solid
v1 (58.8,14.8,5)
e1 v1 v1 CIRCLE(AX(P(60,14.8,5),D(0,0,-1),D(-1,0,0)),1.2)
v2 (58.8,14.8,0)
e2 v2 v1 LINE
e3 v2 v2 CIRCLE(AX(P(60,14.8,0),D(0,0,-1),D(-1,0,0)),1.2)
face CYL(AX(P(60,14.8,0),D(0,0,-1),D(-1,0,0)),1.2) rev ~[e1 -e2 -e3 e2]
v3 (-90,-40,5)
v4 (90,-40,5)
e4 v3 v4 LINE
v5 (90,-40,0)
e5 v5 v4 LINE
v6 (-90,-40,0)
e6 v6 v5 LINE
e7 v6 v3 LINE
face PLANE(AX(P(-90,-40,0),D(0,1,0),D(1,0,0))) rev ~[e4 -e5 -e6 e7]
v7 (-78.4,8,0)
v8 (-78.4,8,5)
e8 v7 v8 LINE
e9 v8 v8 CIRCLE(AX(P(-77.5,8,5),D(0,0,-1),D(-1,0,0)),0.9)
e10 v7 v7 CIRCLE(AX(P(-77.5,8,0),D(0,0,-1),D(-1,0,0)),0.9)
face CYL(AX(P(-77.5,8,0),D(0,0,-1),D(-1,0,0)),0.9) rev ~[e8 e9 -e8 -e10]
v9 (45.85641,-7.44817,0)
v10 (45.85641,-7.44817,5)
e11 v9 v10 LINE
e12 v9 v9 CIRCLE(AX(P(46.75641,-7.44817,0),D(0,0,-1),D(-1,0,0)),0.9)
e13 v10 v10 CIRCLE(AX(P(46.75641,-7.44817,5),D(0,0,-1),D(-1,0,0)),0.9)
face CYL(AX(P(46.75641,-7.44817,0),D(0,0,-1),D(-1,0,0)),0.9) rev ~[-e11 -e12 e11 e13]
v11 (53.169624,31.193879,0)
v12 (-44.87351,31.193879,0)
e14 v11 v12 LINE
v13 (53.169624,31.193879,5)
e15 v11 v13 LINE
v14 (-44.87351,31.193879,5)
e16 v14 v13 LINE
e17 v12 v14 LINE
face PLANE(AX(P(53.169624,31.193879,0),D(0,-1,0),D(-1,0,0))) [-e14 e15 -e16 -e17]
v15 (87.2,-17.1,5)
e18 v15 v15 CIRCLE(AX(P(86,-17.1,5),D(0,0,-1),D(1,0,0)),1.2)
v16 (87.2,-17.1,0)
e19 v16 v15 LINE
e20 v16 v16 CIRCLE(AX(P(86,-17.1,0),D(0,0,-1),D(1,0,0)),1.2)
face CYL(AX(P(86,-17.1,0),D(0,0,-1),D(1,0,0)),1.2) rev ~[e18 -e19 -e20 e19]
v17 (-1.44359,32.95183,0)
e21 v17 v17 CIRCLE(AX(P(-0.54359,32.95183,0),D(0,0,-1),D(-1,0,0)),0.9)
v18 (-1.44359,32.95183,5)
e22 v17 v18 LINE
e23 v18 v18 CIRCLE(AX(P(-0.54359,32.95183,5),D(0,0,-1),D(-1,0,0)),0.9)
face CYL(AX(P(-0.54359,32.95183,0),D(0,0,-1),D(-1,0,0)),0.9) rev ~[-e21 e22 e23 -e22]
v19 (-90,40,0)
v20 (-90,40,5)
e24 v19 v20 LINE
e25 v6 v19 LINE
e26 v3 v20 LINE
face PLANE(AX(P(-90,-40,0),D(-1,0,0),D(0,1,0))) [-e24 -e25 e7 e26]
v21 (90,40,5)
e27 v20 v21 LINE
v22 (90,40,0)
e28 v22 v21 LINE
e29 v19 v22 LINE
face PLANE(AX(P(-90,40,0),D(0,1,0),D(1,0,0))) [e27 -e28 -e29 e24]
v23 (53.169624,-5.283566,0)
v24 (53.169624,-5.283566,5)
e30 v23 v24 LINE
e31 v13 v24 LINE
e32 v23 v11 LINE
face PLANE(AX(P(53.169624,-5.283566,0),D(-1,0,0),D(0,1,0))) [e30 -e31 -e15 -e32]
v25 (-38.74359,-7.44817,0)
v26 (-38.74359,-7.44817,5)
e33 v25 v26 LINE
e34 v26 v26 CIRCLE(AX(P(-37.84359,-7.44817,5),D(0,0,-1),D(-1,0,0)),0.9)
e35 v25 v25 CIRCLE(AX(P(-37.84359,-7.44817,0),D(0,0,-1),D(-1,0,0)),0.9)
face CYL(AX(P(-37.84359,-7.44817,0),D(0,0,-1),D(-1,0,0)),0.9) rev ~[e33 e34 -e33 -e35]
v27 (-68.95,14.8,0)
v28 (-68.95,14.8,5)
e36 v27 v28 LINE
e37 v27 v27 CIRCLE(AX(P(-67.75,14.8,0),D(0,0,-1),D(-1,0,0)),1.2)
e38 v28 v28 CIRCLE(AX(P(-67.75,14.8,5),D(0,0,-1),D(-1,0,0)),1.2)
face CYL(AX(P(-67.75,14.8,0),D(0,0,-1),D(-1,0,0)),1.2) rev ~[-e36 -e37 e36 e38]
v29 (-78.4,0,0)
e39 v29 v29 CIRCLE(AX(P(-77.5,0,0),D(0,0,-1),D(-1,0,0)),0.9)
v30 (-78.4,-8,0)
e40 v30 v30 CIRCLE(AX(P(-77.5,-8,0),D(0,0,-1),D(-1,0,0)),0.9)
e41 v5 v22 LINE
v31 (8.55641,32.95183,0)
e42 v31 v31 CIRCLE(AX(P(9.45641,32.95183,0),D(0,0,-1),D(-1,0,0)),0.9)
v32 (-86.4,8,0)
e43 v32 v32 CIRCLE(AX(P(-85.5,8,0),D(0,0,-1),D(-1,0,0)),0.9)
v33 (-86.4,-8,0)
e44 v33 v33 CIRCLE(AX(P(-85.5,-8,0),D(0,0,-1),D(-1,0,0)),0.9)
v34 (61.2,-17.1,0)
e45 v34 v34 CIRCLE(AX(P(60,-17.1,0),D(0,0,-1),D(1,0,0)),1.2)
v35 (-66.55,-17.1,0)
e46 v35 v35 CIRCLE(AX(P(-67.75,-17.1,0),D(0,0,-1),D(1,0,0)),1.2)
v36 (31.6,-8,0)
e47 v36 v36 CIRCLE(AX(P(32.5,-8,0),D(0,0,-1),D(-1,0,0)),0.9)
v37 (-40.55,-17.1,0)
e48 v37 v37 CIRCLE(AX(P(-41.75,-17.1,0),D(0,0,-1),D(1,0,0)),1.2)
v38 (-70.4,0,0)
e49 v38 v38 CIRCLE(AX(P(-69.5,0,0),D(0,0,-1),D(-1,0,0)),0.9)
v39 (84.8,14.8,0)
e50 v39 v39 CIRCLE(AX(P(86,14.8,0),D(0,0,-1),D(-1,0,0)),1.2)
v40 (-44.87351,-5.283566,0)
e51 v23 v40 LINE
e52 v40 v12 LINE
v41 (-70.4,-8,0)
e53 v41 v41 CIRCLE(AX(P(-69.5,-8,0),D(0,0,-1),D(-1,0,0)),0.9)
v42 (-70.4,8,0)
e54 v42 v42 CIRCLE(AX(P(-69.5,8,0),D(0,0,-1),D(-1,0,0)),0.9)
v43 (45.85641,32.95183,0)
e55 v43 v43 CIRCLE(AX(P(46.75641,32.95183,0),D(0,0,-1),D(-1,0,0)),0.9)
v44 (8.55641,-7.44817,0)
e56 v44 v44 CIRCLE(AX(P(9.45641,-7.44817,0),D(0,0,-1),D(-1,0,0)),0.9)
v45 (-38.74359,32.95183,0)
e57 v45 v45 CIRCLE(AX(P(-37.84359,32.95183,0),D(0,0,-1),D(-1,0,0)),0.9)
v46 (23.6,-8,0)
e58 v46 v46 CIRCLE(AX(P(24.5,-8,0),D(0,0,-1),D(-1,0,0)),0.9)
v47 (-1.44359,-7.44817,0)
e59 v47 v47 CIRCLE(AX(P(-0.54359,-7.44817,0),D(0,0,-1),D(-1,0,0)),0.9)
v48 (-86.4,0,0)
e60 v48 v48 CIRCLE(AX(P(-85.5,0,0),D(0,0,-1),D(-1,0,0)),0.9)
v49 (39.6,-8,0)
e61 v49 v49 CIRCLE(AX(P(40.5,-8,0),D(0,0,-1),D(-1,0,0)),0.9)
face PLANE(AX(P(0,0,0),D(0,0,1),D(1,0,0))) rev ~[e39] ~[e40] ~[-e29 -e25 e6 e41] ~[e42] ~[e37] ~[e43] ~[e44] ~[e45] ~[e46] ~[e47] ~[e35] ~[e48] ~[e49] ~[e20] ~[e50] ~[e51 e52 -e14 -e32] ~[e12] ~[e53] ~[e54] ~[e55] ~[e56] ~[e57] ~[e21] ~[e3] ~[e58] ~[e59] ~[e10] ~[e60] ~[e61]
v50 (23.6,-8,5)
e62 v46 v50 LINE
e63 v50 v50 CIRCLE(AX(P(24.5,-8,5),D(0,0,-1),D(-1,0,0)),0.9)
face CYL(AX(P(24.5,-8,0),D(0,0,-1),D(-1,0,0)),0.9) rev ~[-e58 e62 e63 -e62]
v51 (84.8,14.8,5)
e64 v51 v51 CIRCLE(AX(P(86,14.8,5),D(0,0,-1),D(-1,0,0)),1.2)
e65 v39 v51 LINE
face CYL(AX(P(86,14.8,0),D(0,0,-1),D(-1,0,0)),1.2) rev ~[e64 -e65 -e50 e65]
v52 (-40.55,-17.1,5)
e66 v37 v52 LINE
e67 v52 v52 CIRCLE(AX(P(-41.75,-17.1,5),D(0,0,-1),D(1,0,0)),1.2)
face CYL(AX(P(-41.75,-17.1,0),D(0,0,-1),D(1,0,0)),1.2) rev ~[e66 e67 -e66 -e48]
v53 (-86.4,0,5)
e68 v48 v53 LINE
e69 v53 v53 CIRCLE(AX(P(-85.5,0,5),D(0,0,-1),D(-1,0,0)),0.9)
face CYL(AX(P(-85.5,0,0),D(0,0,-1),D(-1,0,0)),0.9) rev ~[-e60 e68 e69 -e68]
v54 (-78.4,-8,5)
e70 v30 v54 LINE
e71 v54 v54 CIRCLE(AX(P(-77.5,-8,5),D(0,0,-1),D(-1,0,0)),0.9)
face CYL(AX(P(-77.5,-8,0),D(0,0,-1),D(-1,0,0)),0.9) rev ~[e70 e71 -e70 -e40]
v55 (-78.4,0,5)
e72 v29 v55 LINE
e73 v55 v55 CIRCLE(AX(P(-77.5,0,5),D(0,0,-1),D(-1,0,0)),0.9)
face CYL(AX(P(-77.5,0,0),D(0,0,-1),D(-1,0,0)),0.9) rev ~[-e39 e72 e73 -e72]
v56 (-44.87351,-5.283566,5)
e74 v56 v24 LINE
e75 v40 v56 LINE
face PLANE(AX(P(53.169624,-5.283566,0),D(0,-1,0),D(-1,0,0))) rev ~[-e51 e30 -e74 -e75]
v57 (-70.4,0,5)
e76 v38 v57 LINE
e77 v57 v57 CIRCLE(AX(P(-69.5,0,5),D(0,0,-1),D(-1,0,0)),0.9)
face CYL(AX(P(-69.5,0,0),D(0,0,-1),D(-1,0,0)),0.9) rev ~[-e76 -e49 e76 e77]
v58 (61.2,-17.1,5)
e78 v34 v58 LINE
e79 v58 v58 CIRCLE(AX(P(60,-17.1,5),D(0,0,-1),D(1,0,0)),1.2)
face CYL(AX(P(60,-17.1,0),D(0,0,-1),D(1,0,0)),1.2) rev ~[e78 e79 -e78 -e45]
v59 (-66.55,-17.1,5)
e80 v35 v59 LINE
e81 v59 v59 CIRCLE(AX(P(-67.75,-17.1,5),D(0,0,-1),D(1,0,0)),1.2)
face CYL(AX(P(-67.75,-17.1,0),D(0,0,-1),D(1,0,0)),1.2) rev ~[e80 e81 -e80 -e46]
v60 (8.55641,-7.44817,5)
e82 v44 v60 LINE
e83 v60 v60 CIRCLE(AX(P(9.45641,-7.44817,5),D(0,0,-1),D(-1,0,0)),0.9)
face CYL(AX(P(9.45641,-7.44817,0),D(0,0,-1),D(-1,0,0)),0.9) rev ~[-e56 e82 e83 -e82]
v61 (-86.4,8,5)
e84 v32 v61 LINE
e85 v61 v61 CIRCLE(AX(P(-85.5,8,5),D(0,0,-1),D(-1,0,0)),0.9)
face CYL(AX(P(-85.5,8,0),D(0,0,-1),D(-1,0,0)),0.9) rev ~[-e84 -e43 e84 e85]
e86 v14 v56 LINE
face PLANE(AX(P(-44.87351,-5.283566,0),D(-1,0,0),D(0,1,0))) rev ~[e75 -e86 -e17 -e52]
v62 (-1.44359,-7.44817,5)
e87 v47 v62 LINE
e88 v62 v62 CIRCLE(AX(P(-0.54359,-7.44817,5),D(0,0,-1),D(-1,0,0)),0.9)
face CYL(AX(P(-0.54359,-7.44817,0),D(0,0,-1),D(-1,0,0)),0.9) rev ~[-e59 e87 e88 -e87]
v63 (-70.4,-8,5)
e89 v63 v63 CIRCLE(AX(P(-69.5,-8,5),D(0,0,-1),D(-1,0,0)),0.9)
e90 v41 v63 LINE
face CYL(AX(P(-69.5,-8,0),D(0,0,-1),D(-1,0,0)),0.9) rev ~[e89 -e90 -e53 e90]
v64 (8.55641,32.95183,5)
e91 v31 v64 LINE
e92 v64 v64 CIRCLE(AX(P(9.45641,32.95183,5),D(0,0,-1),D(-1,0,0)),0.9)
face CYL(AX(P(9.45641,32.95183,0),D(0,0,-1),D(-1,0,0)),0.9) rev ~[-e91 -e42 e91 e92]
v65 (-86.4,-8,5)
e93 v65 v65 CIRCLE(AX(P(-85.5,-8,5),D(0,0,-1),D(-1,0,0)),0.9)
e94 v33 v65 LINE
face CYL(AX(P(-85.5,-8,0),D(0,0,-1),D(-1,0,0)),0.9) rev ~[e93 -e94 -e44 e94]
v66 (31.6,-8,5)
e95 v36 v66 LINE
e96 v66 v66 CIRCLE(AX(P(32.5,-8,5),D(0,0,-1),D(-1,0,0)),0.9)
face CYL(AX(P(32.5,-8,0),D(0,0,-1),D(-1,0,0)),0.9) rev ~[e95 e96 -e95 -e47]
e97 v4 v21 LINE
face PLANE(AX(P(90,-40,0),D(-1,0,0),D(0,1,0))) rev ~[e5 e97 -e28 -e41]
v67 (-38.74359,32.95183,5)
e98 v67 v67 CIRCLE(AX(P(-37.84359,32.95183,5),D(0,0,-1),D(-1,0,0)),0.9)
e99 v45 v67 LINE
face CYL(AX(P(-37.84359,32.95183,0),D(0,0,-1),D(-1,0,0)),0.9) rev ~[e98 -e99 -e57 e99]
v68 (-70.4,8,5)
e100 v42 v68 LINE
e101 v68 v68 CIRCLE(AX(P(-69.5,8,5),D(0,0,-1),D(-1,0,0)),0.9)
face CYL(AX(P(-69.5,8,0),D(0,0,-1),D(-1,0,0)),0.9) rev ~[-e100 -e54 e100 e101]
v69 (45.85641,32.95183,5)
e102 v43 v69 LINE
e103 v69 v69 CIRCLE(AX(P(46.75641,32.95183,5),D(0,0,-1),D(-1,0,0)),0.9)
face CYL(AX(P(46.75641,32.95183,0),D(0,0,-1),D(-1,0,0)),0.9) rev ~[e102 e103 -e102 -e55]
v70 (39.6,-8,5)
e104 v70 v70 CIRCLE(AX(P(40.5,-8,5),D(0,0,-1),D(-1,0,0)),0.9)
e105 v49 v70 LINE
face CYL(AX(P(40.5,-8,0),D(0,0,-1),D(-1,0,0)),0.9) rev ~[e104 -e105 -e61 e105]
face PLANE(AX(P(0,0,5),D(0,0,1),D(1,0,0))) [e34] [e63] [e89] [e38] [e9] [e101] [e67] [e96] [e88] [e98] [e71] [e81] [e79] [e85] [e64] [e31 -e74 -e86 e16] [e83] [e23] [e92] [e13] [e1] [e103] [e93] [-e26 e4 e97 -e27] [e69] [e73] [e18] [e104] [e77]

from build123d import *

# Parameters (mm, degrees)
ESQUISSE1_W             = 180
ESQUISSE1_H             = 80
BOSS_EXTRU_1_DEPTH      = 5
ESQUISSE2_R             = 0.9
ENL_V_MAT_EXTRU_1_DEPTH = 5
ESQUISSE4_R             = 0.9
ENL_V_MAT_EXTRU_2_DEPTH = 99.615414617
ESQUISSE5_R             = 1.2
ENL_V_MAT_EXTRU_3_DEPTH = 99.615414617
ESQUISSE6_W             = 98.043134308
ESQUISSE6_H             = 36.477445857
ENL_V_MAT_EXTRU_4_DEPTH = 99.615414617


with BuildPart() as part:
    # Esquisse1 → Boss.-Extru.1 (new body)
    with BuildSketch(Plane.XY):
        Rectangle(ESQUISSE1_W, ESQUISSE1_H)
    extrude(amount=BOSS_EXTRU_1_DEPTH)

    # Esquisse2 → Enlèv. mat.-Extru.1 (cut)
    with BuildSketch(Plane(origin=(0, 0, 0), x_dir=(-1, 0, 0), z_dir=(0, 0, -1))):
        with Locations((-46.756409802, 32.95183049)):
            Circle(ESQUISSE2_R)
        with Locations((-9.456409802, 32.95183049)):
            Circle(ESQUISSE2_R)
        with Locations((0.543590198, 32.95183049)):
            Circle(ESQUISSE2_R)
        with Locations((37.843590198, 32.95183049)):
            Circle(ESQUISSE2_R)
        with Locations((-46.756409802, 12.75183049)):
            Circle(ESQUISSE2_R)
        with Locations((-9.456409802, 12.75183049)):
            Circle(ESQUISSE2_R)
        with Locations((0.543590198, 12.75183049)):
            Circle(ESQUISSE2_R)
        with Locations((37.843590198, 12.75183049)):
            Circle(ESQUISSE2_R)
        with Locations((-46.756409802, -7.44816951)):
            Circle(ESQUISSE2_R)
        with Locations((-9.456409802, -7.44816951)):
            Circle(ESQUISSE2_R)
        with Locations((0.543590198, -7.44816951)):
            Circle(ESQUISSE2_R)
        with Locations((37.843590198, -7.44816951)):
            Circle(ESQUISSE2_R)
    extrude(amount=-ENL_V_MAT_EXTRU_1_DEPTH, mode=Mode.SUBTRACT)

    # Esquisse4 → Enlèv. mat.-Extru.2 (cut, through all)
    with BuildSketch(Plane(origin=(0, 0, 0), x_dir=(-1, 0, 0), z_dir=(0, 0, -1))):
        with Locations((85.5, 0)):
            Circle(ESQUISSE4_R)
        with Locations((77.5, 0)):
            Circle(ESQUISSE4_R)
        with Locations((69.5, 0)):
            Circle(ESQUISSE4_R)
        with Locations((77.5, 8)):
            Circle(ESQUISSE4_R)
        with Locations((69.5, 8)):
            Circle(ESQUISSE4_R)
        with Locations((85.5, 8)):
            Circle(ESQUISSE4_R)
        with Locations((69.5, -8)):
            Circle(ESQUISSE4_R)
        with Locations((77.5, -8)):
            Circle(ESQUISSE4_R)
        with Locations((85.5, -8)):
            Circle(ESQUISSE4_R)
        with Locations((-24.5, 0)):
            Circle(ESQUISSE4_R)
        with Locations((-32.5, 0)):
            Circle(ESQUISSE4_R)
        with Locations((-40.5, 0)):
            Circle(ESQUISSE4_R)
        with Locations((-32.5, 8)):
            Circle(ESQUISSE4_R)
        with Locations((-40.5, 8)):
            Circle(ESQUISSE4_R)
        with Locations((-24.5, 8)):
            Circle(ESQUISSE4_R)
        with Locations((-40.5, -8)):
            Circle(ESQUISSE4_R)
        with Locations((-32.5, -8)):
            Circle(ESQUISSE4_R)
        with Locations((-24.5, -8)):
            Circle(ESQUISSE4_R)
    extrude(amount=-ENL_V_MAT_EXTRU_2_DEPTH, mode=Mode.SUBTRACT)

    # Esquisse5 → Enlèv. mat.-Extru.3 (cut, through all)
    with BuildSketch(Plane(origin=(0, 0, 0), x_dir=(-1, 0, 0), z_dir=(0, 0, -1))):
        with Locations((-60, 14.8)):
            Circle(ESQUISSE5_R)
        with Locations((-86, 14.8)):
            Circle(ESQUISSE5_R)
        with Locations(Location((-86, -17.1, 0), (0, 0, 180))):
            Circle(ESQUISSE5_R)
        with Locations(Location((-60, -17.1, 0), (0, 0, 180))):
            Circle(ESQUISSE5_R)
        with Locations((67.75, 14.8)):
            Circle(ESQUISSE5_R)
        with Locations((41.75, 14.8)):
            Circle(ESQUISSE5_R)
        with Locations(Location((41.75, -17.1, 0), (0, 0, 180))):
            Circle(ESQUISSE5_R)
        with Locations(Location((67.75, -17.1, 0), (0, 0, 180))):
            Circle(ESQUISSE5_R)
    extrude(amount=-ENL_V_MAT_EXTRU_3_DEPTH, mode=Mode.SUBTRACT)

    # Esquisse6 → Enlèv. mat.-Extru.4 (cut, through all)
    with BuildSketch(Plane(origin=(0, 0, 0), x_dir=(-1, 0, 0), z_dir=(0, 0, -1))):
        with Locations((-4.148056784, 12.955156499)):
            Rectangle(ESQUISSE6_W, ESQUISSE6_H)
    extrude(amount=-ENL_V_MAT_EXTRU_4_DEPTH, mode=Mode.SUBTRACT)


solid = part.part
